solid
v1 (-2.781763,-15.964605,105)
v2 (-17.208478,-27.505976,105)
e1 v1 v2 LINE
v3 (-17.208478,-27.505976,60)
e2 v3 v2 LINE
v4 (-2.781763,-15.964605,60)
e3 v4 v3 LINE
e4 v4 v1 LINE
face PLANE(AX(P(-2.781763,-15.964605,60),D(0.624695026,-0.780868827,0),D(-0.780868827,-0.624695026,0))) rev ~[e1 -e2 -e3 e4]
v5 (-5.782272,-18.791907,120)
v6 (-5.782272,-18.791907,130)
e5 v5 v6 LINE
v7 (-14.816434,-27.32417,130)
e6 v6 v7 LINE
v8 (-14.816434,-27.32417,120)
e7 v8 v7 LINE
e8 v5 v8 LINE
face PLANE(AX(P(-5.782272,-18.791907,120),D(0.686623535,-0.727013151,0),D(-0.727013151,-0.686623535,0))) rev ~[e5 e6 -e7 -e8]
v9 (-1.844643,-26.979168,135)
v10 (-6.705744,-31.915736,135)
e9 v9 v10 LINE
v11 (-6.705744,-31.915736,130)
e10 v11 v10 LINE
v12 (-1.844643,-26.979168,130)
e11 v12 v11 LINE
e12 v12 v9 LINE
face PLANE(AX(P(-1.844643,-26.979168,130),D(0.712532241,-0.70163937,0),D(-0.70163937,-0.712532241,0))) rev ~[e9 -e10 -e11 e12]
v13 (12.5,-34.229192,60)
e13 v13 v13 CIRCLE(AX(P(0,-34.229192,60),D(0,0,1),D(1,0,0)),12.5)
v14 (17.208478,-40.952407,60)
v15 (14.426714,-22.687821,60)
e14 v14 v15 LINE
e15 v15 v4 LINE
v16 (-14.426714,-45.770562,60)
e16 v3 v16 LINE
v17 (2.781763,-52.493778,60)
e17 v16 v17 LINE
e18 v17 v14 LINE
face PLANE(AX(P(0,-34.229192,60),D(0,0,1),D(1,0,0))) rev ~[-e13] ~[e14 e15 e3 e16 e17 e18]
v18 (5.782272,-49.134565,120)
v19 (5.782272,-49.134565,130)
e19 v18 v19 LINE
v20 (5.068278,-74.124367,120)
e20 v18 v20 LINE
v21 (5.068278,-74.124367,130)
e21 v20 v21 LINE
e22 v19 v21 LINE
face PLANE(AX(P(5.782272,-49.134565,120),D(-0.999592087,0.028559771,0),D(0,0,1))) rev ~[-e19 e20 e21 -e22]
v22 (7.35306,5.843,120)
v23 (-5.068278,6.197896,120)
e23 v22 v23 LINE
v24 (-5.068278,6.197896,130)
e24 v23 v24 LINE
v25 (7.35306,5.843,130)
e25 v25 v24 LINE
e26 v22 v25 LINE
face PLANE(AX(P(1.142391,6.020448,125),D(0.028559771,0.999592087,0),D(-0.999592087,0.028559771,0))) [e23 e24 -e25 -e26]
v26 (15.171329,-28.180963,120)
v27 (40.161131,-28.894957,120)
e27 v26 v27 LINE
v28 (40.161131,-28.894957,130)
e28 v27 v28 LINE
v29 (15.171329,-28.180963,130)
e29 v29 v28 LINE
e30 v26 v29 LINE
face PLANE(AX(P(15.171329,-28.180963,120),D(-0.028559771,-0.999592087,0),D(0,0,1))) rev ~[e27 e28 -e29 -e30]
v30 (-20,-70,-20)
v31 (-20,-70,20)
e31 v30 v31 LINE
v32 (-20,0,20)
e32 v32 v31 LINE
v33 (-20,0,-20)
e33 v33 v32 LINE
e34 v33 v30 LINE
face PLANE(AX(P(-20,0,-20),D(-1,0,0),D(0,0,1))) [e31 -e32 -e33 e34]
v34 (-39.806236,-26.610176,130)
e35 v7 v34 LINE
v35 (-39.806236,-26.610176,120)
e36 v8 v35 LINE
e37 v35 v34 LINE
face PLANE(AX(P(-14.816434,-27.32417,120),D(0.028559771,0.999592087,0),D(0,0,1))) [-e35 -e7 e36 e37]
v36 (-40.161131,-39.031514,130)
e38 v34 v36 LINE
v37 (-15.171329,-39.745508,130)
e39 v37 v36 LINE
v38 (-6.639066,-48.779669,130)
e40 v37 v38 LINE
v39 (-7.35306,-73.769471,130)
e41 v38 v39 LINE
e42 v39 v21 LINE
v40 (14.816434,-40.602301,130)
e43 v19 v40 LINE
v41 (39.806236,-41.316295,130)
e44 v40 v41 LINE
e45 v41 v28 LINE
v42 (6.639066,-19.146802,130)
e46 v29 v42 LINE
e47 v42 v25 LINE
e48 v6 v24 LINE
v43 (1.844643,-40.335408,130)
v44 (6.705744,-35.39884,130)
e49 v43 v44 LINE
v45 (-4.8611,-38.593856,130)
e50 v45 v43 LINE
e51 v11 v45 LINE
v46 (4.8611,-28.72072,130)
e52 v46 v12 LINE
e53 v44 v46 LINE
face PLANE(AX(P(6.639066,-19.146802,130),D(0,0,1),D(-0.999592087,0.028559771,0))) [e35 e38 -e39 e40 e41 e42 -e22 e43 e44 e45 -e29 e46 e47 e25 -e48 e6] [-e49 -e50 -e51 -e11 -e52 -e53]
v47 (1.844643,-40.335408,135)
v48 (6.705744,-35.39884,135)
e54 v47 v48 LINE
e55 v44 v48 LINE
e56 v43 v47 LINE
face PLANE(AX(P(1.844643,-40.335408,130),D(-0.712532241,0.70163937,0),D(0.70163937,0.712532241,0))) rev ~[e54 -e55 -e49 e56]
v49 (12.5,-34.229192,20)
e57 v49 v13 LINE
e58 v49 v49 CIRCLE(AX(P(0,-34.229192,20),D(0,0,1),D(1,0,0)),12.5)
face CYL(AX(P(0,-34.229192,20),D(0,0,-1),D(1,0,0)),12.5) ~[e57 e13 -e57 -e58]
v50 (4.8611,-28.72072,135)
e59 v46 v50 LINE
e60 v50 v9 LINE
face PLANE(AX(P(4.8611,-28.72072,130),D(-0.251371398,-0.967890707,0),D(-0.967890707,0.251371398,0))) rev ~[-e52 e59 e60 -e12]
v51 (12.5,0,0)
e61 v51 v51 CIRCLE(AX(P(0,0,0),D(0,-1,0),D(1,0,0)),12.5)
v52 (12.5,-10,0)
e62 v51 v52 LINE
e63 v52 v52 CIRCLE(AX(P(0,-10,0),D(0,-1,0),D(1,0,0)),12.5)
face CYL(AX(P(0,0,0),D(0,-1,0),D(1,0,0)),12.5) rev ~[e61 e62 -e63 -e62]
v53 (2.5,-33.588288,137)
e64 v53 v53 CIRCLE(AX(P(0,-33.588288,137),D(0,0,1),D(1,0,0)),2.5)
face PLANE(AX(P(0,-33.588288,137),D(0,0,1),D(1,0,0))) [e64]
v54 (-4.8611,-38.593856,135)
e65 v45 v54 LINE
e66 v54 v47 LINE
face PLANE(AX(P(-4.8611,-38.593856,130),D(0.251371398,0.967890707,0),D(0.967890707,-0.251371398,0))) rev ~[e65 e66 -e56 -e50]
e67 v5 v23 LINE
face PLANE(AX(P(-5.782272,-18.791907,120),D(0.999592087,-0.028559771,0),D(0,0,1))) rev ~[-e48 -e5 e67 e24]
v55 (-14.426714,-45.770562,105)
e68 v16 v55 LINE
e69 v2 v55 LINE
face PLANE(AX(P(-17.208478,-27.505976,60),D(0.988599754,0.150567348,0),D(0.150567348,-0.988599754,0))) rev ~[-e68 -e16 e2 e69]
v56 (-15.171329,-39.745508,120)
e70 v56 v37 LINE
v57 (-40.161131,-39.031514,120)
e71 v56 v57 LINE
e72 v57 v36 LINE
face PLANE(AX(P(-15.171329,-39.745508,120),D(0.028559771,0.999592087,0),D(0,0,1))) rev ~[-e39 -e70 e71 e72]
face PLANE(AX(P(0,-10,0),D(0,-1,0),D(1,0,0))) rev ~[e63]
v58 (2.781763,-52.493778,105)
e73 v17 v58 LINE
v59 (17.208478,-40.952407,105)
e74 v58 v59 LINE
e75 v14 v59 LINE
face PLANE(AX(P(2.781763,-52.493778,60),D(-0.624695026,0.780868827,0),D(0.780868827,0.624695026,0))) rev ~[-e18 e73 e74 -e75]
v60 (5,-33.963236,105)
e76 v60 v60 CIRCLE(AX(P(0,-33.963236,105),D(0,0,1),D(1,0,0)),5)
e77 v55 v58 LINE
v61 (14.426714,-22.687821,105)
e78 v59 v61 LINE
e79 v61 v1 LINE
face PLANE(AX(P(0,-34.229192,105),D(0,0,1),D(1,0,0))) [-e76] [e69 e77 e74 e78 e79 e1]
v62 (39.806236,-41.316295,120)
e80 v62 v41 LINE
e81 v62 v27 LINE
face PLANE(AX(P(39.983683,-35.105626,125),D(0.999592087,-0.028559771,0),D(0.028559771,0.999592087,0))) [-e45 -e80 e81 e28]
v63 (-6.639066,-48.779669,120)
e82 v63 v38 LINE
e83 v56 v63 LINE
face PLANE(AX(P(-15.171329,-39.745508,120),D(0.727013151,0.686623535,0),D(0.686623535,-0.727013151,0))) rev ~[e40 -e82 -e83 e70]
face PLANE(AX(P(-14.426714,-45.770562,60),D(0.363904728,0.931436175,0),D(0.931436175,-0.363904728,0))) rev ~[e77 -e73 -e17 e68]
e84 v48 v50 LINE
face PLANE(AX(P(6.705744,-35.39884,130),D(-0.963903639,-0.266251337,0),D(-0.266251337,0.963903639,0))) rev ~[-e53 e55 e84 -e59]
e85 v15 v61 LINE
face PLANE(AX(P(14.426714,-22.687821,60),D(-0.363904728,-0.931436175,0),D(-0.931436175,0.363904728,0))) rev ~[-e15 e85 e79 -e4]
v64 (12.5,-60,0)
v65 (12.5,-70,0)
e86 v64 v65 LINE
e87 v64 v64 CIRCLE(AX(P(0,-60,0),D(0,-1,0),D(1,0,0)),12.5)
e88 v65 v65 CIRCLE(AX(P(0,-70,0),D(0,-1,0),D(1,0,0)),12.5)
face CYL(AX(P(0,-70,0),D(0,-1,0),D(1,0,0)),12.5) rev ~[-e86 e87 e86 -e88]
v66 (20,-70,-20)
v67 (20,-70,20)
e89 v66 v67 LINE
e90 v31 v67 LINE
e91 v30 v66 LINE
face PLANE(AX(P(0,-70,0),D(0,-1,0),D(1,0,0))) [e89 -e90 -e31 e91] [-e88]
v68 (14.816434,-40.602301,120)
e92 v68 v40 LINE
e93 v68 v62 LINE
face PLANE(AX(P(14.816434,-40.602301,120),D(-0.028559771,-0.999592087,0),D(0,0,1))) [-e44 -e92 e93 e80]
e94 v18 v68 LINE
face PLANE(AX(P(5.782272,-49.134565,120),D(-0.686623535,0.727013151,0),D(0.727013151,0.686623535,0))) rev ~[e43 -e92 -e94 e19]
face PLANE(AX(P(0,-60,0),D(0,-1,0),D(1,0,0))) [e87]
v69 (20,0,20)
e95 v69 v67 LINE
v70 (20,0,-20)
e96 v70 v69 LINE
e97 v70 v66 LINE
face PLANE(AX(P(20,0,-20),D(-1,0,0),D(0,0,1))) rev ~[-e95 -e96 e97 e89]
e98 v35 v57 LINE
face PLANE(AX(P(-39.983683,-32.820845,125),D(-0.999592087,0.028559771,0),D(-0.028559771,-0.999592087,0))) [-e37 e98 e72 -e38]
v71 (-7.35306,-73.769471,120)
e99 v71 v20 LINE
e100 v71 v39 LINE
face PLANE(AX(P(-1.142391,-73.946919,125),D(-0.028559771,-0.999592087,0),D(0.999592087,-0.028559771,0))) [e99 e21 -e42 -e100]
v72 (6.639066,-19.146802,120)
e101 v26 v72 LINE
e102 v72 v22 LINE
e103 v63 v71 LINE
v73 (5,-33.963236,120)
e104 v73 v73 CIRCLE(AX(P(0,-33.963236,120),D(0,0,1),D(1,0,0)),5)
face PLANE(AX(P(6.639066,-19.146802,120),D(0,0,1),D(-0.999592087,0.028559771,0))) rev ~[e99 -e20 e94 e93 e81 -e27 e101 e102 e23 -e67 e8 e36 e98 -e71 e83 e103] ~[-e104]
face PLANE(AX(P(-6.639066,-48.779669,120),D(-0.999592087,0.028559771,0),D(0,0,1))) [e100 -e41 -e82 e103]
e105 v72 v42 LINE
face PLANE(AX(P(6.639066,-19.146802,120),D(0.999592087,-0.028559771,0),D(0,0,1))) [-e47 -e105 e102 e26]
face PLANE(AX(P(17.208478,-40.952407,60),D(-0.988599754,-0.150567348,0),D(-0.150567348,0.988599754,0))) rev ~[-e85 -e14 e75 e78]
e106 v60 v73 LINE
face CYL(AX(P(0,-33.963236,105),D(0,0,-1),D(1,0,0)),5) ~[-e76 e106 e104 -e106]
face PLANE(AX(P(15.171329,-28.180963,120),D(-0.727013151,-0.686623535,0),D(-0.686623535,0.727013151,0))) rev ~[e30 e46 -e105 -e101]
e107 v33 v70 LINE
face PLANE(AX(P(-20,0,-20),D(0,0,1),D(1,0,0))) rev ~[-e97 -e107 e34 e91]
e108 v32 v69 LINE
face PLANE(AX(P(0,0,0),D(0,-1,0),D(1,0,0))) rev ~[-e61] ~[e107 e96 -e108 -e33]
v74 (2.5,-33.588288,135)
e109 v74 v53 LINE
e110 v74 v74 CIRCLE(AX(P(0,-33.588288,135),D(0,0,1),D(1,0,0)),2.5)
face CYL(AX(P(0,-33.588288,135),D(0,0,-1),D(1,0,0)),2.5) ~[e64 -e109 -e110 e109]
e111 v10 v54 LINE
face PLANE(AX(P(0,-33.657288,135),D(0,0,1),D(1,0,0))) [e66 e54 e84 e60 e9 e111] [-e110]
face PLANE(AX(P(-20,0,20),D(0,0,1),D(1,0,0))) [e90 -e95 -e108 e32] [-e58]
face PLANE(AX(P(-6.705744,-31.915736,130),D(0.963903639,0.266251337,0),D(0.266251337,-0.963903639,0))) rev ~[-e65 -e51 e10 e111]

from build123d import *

# Parameters (mm, degrees)
F0_W      = 40
F0_H      = 40
F1_DEPTH  = 70
F2_R      = 12.5
F3_DEPTH  = 10
F4_R      = 12.5
F5_DEPTH  = 10
F6_R      = 12.5
F7_DEPTH  = 40
F9_DEPTH  = 45
F10_R     = 5
F11_DEPTH = 15
F13_DEPTH = 10
F14_W     = 12.4264068712
F14_H     = 10
F15_DEPTH = 25
F16_W     = 12.4264068712
F16_H     = 10
F17_DEPTH = 25
F18_W     = 12.4264068712
F18_H     = 10
F19_DEPTH = 25
F20_W     = 12.4264068712
F20_H     = 10
F21_DEPTH = 25
F23_DEPTH = 5
F24_R     = 2.5
F25_DEPTH = 2


with BuildPart() as f1:
    # F0 (on Front) → F1 (new body)
    with BuildSketch(Plane.XZ):
        Rectangle(F0_W, F0_H)
    extrude(amount=F1_DEPTH)

    # F2 (on Front) → F3 (cut, symmetric)
    with BuildSketch(Plane.XZ):
        Circle(F2_R)
    extrude(amount=F3_DEPTH, both=True, mode=Mode.SUBTRACT)

    # F4 (on face) → F5 (cut, symmetric)
    with BuildSketch(Plane.XZ.offset(70)):
        Circle(F4_R)
    extrude(amount=F5_DEPTH, both=True, mode=Mode.SUBTRACT)

    # F6 (on face) → F7 (join)
    with BuildSketch(Plane.XY.offset(20)):
        with Locations((0, -34.2291915306)):
            Circle(F6_R)
    extrude(amount=F7_DEPTH)

    # F8 (on face) → F9 (join)
    with BuildSketch(Plane.XY.offset(60)):
        Polygon((-2.7817631709, -15.9646048395), (-17.2084776495, -27.5059757583), (-14.4267144786, -45.7705624494), (2.7817631709, -52.4937782216), (17.2084776495, -40.9524073028), (14.4267144786, -22.6878206118), align=None)
    extrude(amount=F9_DEPTH)

    # F10 (on face) → F11 (join)
    with BuildSketch(Plane.XY.offset(105)):
        with Locations((0, -33.963235583)):
            Circle(F10_R)
    extrude(amount=F11_DEPTH)

    # F12 (on face) → F13 (join)
    with BuildSketch(Plane.XY.offset(120)):
        Polygon((15.1713289677, -28.1809631677), (6.6390655572, -19.1468019547), (-5.7822724153, -18.7919066152), (-14.8164336282, -27.3241700258), (-15.1713289677, -39.7455079982), (-6.6390655572, -48.7796692112), (5.7822724153, -49.1345645507), (14.8164336282, -40.6023011401), align=None)
    extrude(amount=F13_DEPTH)

    # F14 (on face) → F15 (join)
    with BuildSketch(Plane(origin=(-1.3979831463, -48.9294144098, 0), x_dir=(0.9995920865, -0.0285597714, 0), z_dir=(-0.0285597714, -0.9995920865, 0))):
        with Locations((0.9699822441, 125)):
            Rectangle(F14_W, F14_H)
    extrude(amount=F15_DEPTH)

    # F16 (on face) → F17 (join)
    with BuildSketch(Plane(origin=(15.9634678733, -0.4560990421, 0), x_dir=(0.0285597714, 0.9995920865, 0), z_dir=(0.9995920865, -0.0285597714, 0))):
        with Locations((-33.9493815218, 125)):
            Rectangle(F16_W, F16_H)
    extrude(amount=F17_DEPTH)

    # F18 (on face) → F19 (join)
    with BuildSketch(Plane(origin=(-14.0242947227, 0.4006940998, 0), x_dir=(-0.0285597714, -0.9995920865, 0), z_dir=(-0.9995920865, 0.0285597714, 0))):
        with Locations((33.9493815218, 125)):
            Rectangle(F18_W, F18_H)
    extrude(amount=F19_DEPTH)

    # F20 (on face) → F21 (join)
    with BuildSketch(Plane(origin=(-0.5411900044, -18.9416518138, 0), x_dir=(-0.9995920865, 0.0285597714, 0), z_dir=(0.0285597714, 0.9995920865, 0))):
        with Locations((-0.9699822441, 125)):
            Rectangle(F20_W, F20_H)
    extrude(amount=F21_DEPTH)

    # F22 (on face) → F23 (join)
    with BuildSketch(Plane.XY.offset(130)):
        Polygon((-1.8446433706, -26.9791675509), (-6.7057435207, -31.9157357243), (-4.8611001501, -38.5938560313), (1.8446433706, -40.335408165), (6.7057435207, -35.3988399916), (4.8611001501, -28.7207196846), align=None)
    extrude(amount=F23_DEPTH)

    # F24 (on face) → F25 (join)
    with BuildSketch(Plane.XY.offset(135)):
        with Locations((0, -33.5882875384)):
            Circle(F24_R)
    extrude(amount=F25_DEPTH)


solid = f1.part
